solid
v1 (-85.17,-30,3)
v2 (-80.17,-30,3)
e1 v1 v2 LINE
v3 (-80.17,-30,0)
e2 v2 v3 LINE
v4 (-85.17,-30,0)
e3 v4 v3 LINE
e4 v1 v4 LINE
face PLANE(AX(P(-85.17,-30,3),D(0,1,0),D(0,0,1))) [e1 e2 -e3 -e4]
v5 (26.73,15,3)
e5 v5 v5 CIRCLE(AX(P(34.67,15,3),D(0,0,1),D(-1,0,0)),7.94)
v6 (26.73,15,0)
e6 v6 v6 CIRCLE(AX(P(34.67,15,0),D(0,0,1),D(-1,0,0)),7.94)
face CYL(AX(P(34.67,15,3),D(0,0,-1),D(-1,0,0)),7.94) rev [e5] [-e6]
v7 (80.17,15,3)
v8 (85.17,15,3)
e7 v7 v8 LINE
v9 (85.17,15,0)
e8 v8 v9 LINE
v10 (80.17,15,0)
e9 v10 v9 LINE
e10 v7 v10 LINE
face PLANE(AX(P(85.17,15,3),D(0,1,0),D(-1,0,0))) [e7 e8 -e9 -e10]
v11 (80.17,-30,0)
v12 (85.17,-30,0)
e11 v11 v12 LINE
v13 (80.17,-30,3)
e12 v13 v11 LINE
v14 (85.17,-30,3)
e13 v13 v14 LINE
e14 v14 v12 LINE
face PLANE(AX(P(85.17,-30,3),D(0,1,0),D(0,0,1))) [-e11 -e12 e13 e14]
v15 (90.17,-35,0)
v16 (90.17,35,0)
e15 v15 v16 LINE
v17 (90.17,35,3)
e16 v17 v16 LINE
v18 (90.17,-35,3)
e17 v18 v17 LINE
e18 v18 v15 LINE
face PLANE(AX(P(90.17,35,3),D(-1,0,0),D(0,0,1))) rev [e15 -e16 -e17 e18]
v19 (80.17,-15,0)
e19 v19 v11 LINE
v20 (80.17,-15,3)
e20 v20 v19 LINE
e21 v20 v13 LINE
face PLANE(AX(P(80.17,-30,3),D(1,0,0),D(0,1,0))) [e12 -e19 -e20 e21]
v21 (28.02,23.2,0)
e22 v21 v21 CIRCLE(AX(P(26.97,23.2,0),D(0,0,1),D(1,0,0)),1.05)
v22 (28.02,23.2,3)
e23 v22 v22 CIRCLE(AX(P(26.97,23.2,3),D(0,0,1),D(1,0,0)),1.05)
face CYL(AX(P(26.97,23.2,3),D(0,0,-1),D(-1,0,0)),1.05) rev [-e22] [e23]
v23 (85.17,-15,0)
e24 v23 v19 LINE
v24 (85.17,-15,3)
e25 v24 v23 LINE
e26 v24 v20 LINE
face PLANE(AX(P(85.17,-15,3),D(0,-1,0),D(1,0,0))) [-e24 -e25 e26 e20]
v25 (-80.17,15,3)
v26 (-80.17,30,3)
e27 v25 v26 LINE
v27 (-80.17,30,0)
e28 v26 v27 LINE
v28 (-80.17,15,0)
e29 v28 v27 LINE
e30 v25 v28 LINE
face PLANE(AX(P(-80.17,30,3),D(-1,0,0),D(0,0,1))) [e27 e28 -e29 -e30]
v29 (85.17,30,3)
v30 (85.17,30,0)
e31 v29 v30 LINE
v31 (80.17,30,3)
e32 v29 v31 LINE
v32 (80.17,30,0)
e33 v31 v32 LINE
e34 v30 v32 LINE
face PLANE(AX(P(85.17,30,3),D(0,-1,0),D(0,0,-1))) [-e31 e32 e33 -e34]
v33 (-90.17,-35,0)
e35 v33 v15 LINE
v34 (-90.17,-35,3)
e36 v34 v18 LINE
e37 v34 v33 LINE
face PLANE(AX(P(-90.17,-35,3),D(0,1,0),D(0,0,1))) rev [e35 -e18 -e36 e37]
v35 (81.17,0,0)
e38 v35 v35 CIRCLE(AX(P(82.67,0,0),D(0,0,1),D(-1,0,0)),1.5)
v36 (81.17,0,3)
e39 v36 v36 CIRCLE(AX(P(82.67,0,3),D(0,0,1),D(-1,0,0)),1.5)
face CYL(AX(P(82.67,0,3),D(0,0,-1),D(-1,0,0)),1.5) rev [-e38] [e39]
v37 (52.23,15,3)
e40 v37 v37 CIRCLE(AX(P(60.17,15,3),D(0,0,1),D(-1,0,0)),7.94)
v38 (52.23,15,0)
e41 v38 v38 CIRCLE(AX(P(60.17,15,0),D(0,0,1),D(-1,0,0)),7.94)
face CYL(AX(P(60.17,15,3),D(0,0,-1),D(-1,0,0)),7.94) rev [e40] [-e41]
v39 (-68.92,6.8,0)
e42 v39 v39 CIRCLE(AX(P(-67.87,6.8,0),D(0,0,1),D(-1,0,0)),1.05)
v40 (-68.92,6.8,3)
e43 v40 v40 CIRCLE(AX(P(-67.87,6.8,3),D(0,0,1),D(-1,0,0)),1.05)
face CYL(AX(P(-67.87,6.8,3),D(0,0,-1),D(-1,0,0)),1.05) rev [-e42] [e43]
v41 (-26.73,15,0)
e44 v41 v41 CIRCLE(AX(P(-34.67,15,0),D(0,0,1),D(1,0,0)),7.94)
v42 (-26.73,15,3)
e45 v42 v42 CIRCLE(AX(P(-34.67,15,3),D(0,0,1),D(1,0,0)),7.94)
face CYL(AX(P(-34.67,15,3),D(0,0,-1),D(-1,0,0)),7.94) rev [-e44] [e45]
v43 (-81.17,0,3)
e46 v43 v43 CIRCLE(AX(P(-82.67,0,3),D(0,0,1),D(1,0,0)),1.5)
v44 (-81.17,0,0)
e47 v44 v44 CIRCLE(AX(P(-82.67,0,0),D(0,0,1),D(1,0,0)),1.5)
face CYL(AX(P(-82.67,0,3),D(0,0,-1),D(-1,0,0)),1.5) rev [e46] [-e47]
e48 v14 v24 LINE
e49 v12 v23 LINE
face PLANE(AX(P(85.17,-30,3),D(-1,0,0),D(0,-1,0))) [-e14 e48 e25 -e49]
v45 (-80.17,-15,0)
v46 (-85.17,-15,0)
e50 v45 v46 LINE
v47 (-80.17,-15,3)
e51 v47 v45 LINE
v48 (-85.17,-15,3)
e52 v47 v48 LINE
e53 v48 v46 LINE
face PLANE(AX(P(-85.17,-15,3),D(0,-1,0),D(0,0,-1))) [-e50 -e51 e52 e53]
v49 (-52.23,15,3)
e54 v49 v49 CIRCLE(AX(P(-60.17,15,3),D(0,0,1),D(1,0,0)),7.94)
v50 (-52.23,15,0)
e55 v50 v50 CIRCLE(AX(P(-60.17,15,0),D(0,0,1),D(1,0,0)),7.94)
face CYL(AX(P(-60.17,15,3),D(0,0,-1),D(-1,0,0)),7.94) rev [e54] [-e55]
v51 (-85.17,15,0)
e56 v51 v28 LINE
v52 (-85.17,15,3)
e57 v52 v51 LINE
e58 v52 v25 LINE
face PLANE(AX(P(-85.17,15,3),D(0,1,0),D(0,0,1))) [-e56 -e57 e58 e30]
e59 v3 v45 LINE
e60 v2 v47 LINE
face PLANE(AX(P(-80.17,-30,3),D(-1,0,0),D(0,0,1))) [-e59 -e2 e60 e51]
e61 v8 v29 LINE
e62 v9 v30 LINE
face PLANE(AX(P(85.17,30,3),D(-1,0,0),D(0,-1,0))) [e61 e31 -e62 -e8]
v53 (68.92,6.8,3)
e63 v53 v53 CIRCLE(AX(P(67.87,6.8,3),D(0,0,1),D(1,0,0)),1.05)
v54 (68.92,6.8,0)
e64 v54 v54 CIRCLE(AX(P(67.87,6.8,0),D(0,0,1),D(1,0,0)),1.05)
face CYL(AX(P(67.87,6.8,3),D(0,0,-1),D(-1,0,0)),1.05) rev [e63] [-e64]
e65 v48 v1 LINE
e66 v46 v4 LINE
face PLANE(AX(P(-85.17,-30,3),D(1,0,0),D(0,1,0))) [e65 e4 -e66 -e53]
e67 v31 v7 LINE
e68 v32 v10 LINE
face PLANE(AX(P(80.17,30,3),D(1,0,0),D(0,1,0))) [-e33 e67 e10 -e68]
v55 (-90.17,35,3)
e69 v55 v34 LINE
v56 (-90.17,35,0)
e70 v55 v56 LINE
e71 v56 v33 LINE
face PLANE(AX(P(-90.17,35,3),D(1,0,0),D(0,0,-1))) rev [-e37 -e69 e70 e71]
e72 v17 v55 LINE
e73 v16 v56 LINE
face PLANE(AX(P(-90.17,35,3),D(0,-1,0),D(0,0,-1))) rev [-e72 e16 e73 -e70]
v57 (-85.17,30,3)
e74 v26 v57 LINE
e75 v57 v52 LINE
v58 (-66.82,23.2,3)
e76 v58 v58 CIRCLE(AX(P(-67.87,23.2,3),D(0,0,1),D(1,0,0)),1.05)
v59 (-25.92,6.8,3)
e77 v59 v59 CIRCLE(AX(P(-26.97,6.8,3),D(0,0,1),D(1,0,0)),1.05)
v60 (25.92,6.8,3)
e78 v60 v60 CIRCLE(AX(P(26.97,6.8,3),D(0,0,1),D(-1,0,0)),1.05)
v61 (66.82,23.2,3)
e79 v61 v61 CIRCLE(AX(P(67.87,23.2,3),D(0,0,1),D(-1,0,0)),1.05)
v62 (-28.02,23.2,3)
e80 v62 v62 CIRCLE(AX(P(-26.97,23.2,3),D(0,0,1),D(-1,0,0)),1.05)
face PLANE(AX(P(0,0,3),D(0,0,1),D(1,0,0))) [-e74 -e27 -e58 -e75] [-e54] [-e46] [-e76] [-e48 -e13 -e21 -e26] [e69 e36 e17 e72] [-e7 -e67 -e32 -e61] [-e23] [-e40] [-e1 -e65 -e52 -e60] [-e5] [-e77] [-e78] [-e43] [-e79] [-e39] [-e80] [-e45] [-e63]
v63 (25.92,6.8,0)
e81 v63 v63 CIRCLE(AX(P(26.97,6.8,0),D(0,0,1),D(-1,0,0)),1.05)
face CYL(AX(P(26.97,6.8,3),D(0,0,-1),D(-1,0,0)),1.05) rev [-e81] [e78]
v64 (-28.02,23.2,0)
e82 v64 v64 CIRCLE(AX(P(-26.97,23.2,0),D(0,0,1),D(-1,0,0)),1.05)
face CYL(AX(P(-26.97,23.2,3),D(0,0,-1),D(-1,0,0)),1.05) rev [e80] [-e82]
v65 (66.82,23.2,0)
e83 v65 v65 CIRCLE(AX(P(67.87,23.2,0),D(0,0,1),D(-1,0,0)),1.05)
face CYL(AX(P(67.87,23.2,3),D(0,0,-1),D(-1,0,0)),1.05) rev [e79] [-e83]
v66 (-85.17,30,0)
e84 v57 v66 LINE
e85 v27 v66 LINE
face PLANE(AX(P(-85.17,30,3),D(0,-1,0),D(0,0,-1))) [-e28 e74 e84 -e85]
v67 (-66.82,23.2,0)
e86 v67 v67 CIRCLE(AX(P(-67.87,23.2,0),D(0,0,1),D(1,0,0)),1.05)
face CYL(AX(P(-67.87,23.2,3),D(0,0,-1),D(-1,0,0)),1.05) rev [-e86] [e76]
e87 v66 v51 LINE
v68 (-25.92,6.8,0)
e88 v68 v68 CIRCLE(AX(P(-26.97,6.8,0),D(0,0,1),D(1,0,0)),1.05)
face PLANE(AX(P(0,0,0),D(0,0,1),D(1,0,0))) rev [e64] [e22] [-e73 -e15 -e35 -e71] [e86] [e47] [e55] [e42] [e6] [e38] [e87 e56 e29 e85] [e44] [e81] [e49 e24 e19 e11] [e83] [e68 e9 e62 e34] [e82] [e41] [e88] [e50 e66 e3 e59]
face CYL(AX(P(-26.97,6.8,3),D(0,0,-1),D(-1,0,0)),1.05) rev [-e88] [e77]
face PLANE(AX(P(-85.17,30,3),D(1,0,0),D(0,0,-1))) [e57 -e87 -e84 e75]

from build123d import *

# Parameters (mm, degrees)
SCHIZZO1_W                   = 180.34
SCHIZZO1_H                   = 70
ESTRUSIONE_ESTRUSIONE1_DEPTH = 3
SCHIZZO2_R                   = 1.5
SCHIZZO2_W                   = 5
SCHIZZO2_H                   = 15
TAGLIO_ESTRUSIONE1_DEPTH     = 4
SCHIZZO3_R                   = 7.94
SCHIZZO3_R_2                 = 1.05
TAGLIO_ESTRUSIONE2_DEPTH     = 4


with BuildPart() as part:
    # Schizzo1 → Estrusione-Estrusione1 (new body)
    with BuildSketch(Plane.XY):
        Rectangle(SCHIZZO1_W, SCHIZZO1_H)
    extrude(amount=ESTRUSIONE_ESTRUSIONE1_DEPTH)

    # Schizzo2 → Taglio-Estrusione1 (cut, through all)
    with BuildSketch(Plane.XY):
        with Locations((-82.67, 0)):
            Circle(SCHIZZO2_R)
        with Locations((82.67, 0)):
            Circle(SCHIZZO2_R)
        with Locations((-82.67, 22.5)):
            Rectangle(SCHIZZO2_W, SCHIZZO2_H)
        with Locations((-82.67, -22.5)):
            Rectangle(SCHIZZO2_W, SCHIZZO2_H)
        with Locations((82.67, 22.5)):
            Rectangle(SCHIZZO2_W, SCHIZZO2_H)
        with Locations((82.67, -22.5)):
            Rectangle(SCHIZZO2_W, SCHIZZO2_H)
    extrude(amount=TAGLIO_ESTRUSIONE1_DEPTH, mode=Mode.SUBTRACT)

    # Schizzo3 → Taglio-Estrusione2 (cut, through all)
    with BuildSketch(Plane.XY):
        with Locations((-60.17, 15)):
            Circle(SCHIZZO3_R)
        with Locations((-34.67, 15)):
            Circle(SCHIZZO3_R)
        with Locations((60.17, 15)):
            Circle(SCHIZZO3_R)
        with Locations((34.67, 15)):
            Circle(SCHIZZO3_R)
        with Locations((-26.97, 6.8)):
            Circle(SCHIZZO3_R_2)
        with Locations((-26.97, 23.2)):
            Circle(SCHIZZO3_R_2)
        with Locations((-67.87, 6.8)):
            Circle(SCHIZZO3_R_2)
        with Locations((-67.87, 23.2)):
            Circle(SCHIZZO3_R_2)
        with Locations((26.97, 23.2)):
            Circle(SCHIZZO3_R_2)
        with Locations((26.97, 6.8)):
            Circle(SCHIZZO3_R_2)
        with Locations((67.87, 6.8)):
            Circle(SCHIZZO3_R_2)
        with Locations((67.87, 23.2)):
            Circle(SCHIZZO3_R_2)
    extrude(amount=TAGLIO_ESTRUSIONE2_DEPTH, mode=Mode.SUBTRACT)


solid = part.part
